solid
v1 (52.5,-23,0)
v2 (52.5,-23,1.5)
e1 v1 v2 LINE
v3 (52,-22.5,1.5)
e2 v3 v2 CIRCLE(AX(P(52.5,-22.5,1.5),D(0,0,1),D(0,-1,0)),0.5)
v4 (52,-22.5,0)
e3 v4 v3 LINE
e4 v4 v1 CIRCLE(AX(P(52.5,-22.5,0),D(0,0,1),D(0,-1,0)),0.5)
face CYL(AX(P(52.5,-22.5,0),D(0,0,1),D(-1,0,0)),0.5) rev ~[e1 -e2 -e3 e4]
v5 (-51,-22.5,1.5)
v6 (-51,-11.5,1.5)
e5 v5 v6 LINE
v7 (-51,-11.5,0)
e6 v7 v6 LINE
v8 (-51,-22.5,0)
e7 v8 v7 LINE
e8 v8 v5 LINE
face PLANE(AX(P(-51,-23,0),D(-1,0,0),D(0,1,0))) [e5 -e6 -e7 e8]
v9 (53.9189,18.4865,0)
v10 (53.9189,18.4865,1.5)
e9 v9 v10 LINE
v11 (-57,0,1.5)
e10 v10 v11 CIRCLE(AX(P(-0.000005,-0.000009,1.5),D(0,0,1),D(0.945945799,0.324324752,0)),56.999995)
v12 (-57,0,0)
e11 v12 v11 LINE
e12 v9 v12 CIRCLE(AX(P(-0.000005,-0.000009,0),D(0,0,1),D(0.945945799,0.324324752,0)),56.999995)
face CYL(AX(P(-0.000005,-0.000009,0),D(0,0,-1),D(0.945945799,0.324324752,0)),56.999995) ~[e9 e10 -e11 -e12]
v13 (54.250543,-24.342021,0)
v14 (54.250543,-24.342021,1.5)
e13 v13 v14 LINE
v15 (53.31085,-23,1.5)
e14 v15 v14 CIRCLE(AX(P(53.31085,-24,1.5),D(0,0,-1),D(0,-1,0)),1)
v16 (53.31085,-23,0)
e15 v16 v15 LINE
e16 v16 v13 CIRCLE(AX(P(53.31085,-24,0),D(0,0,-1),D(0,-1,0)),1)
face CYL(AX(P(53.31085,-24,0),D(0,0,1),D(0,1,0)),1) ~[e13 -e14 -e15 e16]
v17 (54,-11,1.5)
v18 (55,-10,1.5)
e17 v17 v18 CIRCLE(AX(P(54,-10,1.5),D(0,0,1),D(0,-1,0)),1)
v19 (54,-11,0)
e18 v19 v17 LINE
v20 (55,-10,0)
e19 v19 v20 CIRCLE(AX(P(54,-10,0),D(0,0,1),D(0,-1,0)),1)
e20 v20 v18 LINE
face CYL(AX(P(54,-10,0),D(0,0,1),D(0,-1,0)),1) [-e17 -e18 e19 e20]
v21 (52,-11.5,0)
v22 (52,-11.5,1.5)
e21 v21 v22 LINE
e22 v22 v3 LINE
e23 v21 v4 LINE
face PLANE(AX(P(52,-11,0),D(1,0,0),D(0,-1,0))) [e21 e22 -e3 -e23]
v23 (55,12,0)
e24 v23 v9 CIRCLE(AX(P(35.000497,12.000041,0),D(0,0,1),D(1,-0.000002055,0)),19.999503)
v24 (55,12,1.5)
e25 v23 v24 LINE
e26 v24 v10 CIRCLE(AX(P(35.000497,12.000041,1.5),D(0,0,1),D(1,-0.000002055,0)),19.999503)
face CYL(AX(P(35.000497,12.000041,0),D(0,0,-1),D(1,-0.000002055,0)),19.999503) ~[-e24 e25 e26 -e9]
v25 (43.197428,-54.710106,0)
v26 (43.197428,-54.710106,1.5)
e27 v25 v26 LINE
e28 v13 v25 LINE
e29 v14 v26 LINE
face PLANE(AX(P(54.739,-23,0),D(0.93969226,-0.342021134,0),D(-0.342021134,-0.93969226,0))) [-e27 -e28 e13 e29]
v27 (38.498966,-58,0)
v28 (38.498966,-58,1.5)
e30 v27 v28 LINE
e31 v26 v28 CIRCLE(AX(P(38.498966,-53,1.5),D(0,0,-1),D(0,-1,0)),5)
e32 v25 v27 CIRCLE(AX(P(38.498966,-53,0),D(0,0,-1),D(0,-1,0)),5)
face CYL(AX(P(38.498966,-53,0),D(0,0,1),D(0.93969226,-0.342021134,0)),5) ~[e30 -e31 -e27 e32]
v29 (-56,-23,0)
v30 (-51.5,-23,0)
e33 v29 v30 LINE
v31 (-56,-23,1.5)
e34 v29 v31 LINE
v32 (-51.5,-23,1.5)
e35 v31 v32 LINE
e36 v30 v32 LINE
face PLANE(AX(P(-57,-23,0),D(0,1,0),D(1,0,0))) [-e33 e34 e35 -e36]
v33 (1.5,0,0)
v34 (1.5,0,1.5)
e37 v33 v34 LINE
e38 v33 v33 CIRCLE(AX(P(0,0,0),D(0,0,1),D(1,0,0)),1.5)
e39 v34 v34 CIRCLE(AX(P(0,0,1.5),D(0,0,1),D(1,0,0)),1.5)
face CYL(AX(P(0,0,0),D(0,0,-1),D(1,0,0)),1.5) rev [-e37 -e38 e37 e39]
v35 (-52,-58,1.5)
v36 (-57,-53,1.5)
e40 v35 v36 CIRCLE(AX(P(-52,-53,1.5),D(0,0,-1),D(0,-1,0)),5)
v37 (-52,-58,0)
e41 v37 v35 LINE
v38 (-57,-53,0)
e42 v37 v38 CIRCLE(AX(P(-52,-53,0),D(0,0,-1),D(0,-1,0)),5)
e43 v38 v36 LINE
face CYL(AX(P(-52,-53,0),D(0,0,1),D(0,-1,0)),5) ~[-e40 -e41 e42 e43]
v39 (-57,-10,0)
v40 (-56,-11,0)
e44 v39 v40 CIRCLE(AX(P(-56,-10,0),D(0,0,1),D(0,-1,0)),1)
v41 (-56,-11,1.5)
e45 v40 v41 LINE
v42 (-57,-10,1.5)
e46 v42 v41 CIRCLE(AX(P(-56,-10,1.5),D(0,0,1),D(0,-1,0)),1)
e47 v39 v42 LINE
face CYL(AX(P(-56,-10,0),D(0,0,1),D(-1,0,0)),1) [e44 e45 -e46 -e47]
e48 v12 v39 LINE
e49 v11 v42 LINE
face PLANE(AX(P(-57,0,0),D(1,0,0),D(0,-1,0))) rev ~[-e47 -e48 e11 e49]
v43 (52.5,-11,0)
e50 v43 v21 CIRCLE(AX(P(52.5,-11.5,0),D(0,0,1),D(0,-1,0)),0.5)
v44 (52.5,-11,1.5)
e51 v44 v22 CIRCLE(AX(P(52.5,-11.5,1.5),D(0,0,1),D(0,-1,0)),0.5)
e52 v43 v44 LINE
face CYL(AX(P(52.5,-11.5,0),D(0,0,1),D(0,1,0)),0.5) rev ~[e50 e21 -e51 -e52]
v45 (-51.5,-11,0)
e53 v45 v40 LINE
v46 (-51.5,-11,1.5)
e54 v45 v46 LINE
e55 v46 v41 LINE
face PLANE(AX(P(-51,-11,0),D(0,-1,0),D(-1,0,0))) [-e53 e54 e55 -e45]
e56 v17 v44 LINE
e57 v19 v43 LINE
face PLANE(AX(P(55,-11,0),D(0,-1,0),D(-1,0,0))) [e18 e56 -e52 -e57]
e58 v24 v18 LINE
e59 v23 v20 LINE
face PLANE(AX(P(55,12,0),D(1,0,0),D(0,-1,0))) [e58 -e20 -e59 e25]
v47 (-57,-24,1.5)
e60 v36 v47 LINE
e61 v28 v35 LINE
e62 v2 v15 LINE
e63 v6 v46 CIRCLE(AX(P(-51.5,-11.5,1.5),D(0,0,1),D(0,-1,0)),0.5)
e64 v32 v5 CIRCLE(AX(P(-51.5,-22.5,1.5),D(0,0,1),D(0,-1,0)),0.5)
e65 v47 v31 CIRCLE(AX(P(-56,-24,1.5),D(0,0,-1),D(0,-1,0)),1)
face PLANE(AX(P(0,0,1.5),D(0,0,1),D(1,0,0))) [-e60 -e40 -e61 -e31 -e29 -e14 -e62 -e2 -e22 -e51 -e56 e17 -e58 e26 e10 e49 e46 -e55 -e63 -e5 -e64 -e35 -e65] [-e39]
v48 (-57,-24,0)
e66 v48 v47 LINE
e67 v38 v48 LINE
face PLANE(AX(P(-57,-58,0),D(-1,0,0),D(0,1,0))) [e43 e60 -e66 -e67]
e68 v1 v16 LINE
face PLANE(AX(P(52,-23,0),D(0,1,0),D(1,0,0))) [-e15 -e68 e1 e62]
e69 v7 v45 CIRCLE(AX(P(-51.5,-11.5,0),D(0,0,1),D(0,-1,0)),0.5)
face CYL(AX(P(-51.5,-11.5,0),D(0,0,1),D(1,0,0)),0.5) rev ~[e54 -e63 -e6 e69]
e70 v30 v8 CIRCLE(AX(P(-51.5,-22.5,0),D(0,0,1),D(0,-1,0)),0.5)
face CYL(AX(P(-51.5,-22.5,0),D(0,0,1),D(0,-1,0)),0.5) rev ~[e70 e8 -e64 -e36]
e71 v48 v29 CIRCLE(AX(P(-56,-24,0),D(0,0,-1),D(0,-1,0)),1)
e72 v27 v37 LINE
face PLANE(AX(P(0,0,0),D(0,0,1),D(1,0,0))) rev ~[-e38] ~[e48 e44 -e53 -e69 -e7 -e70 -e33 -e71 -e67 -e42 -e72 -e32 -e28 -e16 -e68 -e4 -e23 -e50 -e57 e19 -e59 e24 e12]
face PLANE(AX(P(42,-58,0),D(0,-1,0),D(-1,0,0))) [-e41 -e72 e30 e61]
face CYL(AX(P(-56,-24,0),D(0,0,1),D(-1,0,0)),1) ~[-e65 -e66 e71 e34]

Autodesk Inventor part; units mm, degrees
ref_plane "YZ Plane" through (0, 0, 0) normal (1, 0, 0) x (0, 1, 0)
ref_plane "XZ Plane" through (0, 0, 0) normal (0, 1, 0) x (-1, 0, 0)
ref_plane "XY Plane" through (0, 0, 0) normal (0, 0, 1) x (1, 0, 0)
sketch "Sketch1" plane through (0, 0, 0) normal (0, 0, 1) x (1, 0, 0)
  circle A0 centre (0, 0) radius 1.5
  arc A1 (53.9189, 18.4865) -> (-57, 0) centre (0, 0) ccw
  arc A2 (55, 12) -> (53.9189, 18.4865) centre (35, 12) ccw
  line L0 (55, 12) -> (55, -11)
  line L1 (55, -11) -> (52, -11)
  line L2 (52, -11) -> (52, -23)
  line L3 (52, -23) -> (54.739, -23)
  line L4 (54.739, -23) -> (42, -58)
  line L5 (42, -58) -> (-57, -58)
  line L6 (-57, -58) -> (-57, -23)
  line L7 (-57, -23) -> (-51, -23)
  line L8 (-51, -23) -> (-51, -11)
  line L9 (-51, -11) -> (-57, -11)
  line L10 (-57, 0) -> (-57, -11)
  dimension "d0" = 3
  dimension "d1" = 57
  dimension "d2" = 20
  dimension "d3" = 6
  dimension "d4" = 12
  dimension "d5" = 55
  dimension "d6" = 3
  dimension "d7" = 110
  dimension "d8" = 99
  dimension "d9" = 47
  dimension "d10" = 58
extrude "Extrusion1" add sketch "Sketch1" along normal blind 1.5
fillet "Fillet1" radius 0.5 4 edges at (52, -11, 0.75) (52, -23, 0.75) (-51, -11, 0.75) (-51, -23, 0.75)
fillet "Fillet2" radius 1 4 edges at (-57, -11, 0.75) (-57, -23, 0.75) (54.739, -23, 0.75) (55, -11, 0.75)
fillet "Fillet3" radius 5 2 edges at (42, -58, 0.75) (-57, -58, 0.75)
properties part number "PT Flange Outer"
